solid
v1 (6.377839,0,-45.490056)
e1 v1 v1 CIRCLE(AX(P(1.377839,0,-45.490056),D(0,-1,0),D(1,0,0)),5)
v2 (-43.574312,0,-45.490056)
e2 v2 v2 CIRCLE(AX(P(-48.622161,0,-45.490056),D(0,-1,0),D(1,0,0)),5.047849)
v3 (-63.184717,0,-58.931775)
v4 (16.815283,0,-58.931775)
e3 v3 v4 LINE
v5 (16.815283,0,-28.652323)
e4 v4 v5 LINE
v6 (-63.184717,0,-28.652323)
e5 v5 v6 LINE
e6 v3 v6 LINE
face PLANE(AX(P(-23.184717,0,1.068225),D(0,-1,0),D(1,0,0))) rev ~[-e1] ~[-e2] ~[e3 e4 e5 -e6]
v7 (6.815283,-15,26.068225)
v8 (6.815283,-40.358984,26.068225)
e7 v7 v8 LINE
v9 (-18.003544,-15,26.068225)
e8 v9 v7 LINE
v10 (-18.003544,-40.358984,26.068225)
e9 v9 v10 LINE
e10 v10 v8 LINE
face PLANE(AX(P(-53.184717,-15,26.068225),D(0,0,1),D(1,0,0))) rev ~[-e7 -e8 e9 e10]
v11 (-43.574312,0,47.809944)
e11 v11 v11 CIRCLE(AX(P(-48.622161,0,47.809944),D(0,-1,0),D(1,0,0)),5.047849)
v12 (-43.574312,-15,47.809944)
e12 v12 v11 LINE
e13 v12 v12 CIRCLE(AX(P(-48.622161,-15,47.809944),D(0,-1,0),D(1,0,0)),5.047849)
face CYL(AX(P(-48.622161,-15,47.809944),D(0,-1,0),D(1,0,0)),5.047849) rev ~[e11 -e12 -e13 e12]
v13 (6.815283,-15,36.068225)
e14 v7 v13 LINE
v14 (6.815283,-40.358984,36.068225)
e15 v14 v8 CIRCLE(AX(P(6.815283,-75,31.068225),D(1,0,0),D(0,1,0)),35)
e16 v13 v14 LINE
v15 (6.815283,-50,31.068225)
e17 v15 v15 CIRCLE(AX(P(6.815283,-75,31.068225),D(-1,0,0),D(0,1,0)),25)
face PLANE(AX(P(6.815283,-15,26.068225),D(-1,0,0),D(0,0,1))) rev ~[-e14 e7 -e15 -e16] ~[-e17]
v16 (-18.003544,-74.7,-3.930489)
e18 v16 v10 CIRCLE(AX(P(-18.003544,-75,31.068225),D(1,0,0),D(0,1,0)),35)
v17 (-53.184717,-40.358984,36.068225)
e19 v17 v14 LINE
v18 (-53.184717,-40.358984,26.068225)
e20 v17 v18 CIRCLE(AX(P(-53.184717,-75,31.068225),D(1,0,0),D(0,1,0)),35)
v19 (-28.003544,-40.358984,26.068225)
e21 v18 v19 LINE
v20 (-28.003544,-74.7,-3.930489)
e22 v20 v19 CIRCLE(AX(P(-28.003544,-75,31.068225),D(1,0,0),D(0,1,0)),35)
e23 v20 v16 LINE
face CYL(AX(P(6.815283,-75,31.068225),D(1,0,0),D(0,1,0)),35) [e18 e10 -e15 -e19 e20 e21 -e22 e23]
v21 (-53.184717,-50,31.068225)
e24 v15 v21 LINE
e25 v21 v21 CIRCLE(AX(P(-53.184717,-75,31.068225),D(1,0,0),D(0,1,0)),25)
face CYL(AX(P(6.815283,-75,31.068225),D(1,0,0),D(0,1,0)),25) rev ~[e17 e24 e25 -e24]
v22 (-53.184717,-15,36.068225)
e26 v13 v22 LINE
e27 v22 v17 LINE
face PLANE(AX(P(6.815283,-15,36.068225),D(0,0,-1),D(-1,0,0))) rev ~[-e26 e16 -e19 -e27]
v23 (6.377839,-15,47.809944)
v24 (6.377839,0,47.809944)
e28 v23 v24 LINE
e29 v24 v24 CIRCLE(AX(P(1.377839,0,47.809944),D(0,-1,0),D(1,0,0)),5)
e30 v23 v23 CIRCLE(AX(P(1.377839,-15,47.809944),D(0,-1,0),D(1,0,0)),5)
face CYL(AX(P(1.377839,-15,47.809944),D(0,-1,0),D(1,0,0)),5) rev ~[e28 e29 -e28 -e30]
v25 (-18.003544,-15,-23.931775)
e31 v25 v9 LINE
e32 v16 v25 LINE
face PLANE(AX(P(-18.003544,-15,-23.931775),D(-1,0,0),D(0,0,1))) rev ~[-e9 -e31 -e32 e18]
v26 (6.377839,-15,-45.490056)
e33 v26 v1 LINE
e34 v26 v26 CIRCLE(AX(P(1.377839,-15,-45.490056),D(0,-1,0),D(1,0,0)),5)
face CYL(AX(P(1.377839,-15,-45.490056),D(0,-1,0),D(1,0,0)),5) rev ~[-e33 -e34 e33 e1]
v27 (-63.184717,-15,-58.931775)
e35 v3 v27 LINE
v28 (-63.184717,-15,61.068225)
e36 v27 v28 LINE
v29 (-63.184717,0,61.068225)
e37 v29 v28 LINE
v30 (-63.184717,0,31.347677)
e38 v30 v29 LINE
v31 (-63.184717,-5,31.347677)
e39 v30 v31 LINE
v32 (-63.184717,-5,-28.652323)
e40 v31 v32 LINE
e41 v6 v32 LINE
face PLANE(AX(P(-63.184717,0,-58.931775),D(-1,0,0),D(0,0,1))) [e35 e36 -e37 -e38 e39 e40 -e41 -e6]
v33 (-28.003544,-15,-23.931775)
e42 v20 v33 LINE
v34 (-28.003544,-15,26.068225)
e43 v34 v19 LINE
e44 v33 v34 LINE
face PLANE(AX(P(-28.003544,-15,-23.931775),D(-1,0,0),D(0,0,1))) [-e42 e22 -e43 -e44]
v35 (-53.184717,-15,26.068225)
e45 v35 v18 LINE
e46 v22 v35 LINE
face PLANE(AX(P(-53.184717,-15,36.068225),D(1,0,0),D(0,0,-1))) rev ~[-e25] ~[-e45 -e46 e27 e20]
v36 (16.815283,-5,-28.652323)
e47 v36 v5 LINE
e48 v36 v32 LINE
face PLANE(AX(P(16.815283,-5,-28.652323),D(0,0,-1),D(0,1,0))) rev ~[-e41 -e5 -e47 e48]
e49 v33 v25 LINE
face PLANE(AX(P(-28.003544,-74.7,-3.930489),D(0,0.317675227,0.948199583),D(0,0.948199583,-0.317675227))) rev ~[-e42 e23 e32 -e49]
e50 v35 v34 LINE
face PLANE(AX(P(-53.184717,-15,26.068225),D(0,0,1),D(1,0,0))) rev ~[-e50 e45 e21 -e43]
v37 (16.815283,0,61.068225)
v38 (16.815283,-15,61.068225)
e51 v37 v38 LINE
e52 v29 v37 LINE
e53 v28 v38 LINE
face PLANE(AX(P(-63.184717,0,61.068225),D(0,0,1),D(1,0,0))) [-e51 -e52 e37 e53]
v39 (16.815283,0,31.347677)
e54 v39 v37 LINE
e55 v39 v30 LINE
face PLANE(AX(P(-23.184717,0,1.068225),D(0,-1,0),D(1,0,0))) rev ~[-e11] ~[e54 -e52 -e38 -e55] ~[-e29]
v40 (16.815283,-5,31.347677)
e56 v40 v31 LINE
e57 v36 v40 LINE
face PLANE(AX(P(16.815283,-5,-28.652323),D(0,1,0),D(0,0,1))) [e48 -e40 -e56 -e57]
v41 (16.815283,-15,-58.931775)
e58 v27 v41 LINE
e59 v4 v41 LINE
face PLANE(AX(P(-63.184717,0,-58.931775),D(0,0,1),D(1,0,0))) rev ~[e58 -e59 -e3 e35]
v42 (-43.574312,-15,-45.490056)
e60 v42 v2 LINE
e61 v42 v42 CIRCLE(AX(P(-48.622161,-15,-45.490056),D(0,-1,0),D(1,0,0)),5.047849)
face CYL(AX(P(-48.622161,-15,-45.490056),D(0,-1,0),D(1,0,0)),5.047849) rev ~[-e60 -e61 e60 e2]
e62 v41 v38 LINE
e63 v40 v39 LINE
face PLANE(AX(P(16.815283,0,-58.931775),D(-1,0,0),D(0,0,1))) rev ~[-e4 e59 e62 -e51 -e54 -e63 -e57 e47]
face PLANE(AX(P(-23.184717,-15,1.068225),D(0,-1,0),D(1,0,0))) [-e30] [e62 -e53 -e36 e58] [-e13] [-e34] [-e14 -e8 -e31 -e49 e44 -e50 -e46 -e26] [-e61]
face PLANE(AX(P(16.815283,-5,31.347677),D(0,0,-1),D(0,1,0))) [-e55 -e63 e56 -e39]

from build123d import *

# Parameters (mm, degrees)
F0_W      = 80
F0_H      = 120
F1_DEPTH  = 15
F3_DEPTH  = 60
F4_R      = 35
F4_R_2    = 25
F5_DEPTH  = 60
F6_R      = 25
F7_DEPTH  = 72.2
F8_W      = 10
F8_H      = 50
F9_DEPTH  = 59.7
F11_DEPTH = 25
F12_R     = 5.047849
F12_R_2   = 5
F13_DEPTH = 39.5
F14_W     = 5
F14_H     = 60
F15_DEPTH = 85.5
F16_R     = 25
F17_DEPTH = 91.3


with BuildPart() as f1:
    # F0 (on Front) → F1 (new body)
    with BuildSketch(Plane.XZ):
        with Locations((-23.184717, 1.068225)):
            Rectangle(F0_W, F0_H)
    extrude(amount=F1_DEPTH)

    # F2 (on face) → F3 (join)
    with BuildSketch(Plane.XZ.offset(15)):
        Polygon((6.815283, 36.068225), (-53.184717, 36.068225), (-53.184717, 26.068225), (-27.741479, 26.068225), (-17.741479, 26.068225), (6.815283, 26.068225), align=None)
    extrude(amount=F3_DEPTH)

    # F4 (on face) → F5 (join)
    with BuildSketch(Plane.YZ.offset(6.815283)):
        with Locations((-75, 31.068225)):
            Circle(F4_R)
        with Locations((-75, 31.068225)):
            Circle(F4_R_2, mode=Mode.SUBTRACT)
    extrude(amount=-F5_DEPTH)

    # F6 (on face) → F7 (cut)
    with BuildSketch(Plane.YZ.offset(6.815283)):
        with Locations((-75, 31.068225)):
            Circle(F6_R)
    extrude(amount=-F7_DEPTH, mode=Mode.SUBTRACT)

    # F8 (on face) → F9 (join)
    with BuildSketch(Plane.XZ.offset(15)):
        with Locations((-23.003544, 1.068225)):
            Rectangle(F8_W, F8_H)
    extrude(amount=F9_DEPTH)

    # F10 (on face) → F11 (cut)
    with BuildSketch(Plane(origin=(-28.003544, 0, 0), x_dir=(0, -1, 0), z_dir=(-1, 0, 0))):
        Polygon((87.144889, -23.931775), (74.7, -3.930489), (15, -23.931775), (56.138653, -39.033107), align=None)
    extrude(amount=-F11_DEPTH, mode=Mode.SUBTRACT)

    # F12 (on face) → F13 (cut)
    with BuildSketch(Plane.XZ.offset(15)):
        with Locations((-48.622161, -45.490056)):
            Circle(F12_R)
        with Locations((1.377839, -45.490056)):
            Circle(F12_R_2)
        with Locations((-48.622161, 47.809944)):
            Circle(F12_R)
        with Locations((1.377839, 47.809944)):
            Circle(F12_R_2)
    extrude(amount=-F13_DEPTH, mode=Mode.SUBTRACT)

    # F14 (on face) → F15 (cut)
    with BuildSketch(Plane.YZ.offset(16.815283)):
        with Locations((-2.5, 1.347677)):
            Rectangle(F14_W, F14_H)
    extrude(amount=-F15_DEPTH, mode=Mode.SUBTRACT)

    # F16 (on face) → F17 (cut)
    with BuildSketch(Plane(origin=(-53.184717, 0, 0), x_dir=(0, -1, 0), z_dir=(-1, 0, 0))):
        with Locations((75, 31.068225)):
            Circle(F16_R)
    extrude(amount=-F17_DEPTH, mode=Mode.SUBTRACT)


solid = f1.part
